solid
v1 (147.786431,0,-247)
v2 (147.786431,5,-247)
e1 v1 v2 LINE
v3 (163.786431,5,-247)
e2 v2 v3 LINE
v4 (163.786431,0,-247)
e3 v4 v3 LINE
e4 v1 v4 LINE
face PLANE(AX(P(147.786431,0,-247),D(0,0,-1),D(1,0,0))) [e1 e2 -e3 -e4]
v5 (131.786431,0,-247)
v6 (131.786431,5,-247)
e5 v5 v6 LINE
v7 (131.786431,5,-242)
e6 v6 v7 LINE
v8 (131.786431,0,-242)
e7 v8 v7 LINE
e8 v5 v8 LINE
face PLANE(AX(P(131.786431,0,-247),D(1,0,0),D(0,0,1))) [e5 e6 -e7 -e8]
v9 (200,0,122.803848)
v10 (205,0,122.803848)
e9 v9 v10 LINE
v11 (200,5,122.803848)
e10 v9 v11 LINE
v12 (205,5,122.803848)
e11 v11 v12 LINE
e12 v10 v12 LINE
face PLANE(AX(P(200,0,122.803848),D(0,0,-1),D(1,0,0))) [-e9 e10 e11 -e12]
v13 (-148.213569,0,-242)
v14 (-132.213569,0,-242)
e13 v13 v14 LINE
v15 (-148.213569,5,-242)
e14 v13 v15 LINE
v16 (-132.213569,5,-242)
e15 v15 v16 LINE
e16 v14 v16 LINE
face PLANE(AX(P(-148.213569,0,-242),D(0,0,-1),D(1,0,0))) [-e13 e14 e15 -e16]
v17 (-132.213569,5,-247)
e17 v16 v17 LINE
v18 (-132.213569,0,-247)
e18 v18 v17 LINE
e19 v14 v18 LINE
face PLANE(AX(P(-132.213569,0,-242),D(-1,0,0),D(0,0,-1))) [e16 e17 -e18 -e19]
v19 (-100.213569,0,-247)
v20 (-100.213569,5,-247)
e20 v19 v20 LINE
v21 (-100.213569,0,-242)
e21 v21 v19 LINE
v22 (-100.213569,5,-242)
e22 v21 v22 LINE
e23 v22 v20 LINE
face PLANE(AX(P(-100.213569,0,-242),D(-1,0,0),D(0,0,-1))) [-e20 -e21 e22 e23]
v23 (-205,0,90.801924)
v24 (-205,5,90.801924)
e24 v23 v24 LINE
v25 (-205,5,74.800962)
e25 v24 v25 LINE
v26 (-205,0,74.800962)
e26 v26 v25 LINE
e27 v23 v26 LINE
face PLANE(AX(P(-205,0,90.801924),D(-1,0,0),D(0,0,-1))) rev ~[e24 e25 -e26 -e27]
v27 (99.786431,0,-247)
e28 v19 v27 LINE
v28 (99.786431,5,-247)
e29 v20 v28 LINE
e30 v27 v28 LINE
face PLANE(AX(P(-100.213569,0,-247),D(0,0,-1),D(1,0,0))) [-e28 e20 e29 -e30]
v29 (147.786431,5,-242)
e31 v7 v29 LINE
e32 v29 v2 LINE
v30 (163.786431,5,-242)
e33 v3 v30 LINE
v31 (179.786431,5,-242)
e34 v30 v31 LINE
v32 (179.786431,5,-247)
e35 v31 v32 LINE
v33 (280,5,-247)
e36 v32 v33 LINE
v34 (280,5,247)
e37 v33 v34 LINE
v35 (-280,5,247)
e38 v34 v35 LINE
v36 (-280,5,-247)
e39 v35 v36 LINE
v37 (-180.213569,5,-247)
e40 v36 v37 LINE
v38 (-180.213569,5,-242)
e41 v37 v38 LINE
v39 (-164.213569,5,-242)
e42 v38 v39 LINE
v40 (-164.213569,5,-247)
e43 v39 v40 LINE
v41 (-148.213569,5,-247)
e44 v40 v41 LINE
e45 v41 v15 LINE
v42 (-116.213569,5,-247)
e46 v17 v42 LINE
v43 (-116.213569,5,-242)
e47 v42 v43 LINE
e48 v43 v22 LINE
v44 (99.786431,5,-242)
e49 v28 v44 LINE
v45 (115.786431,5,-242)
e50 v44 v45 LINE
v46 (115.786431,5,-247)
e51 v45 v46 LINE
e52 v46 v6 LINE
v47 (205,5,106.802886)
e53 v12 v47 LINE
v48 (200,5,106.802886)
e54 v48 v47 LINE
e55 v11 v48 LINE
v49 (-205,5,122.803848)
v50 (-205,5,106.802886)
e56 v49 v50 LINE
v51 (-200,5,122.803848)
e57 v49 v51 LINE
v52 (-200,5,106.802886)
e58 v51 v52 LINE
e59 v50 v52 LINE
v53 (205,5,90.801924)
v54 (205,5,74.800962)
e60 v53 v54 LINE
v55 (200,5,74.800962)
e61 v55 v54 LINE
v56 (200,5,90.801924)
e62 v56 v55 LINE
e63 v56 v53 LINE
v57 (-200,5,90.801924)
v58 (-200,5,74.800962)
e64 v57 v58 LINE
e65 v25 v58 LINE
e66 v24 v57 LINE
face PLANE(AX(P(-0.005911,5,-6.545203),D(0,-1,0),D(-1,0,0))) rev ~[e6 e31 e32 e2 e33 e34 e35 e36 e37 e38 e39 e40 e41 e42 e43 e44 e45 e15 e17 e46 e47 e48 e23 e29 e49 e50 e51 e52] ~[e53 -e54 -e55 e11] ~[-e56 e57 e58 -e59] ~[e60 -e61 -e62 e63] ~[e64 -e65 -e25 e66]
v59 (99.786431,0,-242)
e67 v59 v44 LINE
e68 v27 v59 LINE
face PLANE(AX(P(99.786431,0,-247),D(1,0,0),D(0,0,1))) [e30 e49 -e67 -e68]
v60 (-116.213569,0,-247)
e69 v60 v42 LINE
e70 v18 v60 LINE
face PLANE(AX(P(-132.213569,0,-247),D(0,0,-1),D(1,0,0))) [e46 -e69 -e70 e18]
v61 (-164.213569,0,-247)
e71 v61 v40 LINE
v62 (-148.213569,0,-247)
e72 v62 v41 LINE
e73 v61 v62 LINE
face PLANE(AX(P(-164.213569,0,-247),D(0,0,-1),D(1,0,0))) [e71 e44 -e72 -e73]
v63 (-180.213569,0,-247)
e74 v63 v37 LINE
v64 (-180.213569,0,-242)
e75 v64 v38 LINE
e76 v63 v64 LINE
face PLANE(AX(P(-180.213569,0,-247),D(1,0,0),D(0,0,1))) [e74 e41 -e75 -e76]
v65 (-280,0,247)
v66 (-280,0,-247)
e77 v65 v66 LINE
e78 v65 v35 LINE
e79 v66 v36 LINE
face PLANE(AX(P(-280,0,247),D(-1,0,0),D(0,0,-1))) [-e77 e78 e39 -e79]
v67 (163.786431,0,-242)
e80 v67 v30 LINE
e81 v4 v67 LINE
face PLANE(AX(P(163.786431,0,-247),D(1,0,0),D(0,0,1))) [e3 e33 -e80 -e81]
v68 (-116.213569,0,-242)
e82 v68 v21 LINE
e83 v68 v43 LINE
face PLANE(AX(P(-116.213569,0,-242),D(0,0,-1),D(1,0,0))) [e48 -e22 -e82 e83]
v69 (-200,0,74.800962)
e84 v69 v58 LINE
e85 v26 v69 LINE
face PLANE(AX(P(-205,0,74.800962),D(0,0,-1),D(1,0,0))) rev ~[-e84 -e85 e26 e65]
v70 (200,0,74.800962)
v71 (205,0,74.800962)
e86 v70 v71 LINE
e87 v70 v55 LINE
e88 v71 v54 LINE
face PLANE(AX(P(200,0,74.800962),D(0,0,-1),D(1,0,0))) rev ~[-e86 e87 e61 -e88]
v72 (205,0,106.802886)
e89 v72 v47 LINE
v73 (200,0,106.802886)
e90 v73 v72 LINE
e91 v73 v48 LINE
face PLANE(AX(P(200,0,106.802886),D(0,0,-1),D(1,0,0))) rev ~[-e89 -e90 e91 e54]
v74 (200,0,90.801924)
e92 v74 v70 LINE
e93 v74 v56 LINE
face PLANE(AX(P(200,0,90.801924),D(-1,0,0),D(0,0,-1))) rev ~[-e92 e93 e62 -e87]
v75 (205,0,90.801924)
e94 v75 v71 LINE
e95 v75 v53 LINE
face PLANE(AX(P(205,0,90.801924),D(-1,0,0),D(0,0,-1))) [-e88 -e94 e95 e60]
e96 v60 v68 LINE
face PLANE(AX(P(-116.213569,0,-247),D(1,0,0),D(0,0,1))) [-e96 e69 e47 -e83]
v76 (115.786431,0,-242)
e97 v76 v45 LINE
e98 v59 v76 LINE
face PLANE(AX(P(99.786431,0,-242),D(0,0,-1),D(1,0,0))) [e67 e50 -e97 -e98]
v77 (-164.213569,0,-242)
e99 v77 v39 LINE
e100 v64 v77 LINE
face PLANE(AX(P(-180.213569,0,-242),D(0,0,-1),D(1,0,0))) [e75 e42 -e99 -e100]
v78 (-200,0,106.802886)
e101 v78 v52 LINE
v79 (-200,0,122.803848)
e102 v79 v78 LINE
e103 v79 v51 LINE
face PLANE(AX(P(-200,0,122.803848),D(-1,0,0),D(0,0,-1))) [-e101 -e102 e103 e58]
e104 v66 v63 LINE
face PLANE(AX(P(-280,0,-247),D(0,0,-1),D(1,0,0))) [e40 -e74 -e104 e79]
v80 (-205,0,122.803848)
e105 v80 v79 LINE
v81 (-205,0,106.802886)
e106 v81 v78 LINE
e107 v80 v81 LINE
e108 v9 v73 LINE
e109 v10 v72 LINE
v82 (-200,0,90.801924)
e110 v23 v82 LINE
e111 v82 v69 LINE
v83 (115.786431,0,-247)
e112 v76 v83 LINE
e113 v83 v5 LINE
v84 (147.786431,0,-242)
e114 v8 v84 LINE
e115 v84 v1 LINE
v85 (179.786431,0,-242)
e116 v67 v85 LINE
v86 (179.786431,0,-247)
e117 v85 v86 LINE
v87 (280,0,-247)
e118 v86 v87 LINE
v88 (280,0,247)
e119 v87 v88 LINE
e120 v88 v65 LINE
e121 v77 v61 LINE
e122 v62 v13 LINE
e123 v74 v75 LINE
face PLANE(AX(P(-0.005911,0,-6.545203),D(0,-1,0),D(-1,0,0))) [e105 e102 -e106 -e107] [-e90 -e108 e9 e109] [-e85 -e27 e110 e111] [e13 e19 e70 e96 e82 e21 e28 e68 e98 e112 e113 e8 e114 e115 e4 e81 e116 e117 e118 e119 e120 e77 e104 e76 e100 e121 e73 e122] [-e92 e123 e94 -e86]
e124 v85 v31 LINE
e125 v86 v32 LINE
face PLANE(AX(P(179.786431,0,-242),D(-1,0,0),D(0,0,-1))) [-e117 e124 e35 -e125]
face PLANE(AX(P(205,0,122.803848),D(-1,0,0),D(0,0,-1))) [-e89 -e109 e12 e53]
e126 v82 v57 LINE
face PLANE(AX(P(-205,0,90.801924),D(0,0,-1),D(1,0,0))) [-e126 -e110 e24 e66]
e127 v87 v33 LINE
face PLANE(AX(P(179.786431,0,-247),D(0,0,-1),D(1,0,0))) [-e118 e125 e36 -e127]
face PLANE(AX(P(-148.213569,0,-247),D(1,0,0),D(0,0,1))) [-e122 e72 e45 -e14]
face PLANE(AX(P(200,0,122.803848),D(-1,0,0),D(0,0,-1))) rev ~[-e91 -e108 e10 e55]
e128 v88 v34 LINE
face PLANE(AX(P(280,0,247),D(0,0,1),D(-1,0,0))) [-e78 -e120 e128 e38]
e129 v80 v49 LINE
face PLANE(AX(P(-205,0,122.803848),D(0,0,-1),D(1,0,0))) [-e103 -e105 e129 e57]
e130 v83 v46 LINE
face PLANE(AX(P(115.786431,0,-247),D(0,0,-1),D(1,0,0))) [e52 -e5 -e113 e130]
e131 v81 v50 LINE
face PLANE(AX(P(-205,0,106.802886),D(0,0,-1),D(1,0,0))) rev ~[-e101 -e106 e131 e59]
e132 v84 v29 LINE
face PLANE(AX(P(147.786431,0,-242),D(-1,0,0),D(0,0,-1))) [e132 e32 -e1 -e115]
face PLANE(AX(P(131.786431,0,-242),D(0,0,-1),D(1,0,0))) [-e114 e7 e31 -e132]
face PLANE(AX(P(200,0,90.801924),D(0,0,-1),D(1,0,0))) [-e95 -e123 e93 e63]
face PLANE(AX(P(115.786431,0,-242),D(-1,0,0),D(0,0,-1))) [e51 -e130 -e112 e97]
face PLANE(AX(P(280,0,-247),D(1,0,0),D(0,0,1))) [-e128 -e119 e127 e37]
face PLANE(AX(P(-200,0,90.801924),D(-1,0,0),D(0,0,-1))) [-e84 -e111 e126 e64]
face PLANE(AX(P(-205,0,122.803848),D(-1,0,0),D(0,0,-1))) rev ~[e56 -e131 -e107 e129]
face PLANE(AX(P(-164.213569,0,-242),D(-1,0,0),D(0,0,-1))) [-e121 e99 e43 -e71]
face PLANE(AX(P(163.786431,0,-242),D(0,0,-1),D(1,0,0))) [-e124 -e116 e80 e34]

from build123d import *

# Parameters (mm, degrees)
SKETCH1_W           = 5
SKETCH1_H           = 16.000962119
BOSS_EXTRUDE1_DEPTH = 5


with BuildPart() as part:
    # Sketch1 → Boss-Extrude1 (new body)
    with BuildSketch(Plane(origin=(0, 0, 0), x_dir=(1, 0, 0), z_dir=(0, 1, 0))):
        Polygon((-280, 247), (-180.213569057, 247), (-180.213569057, 242), (-164.213569057, 242), (-164.213569057, 247), (-148.213569057, 247), (-148.213569057, 242), (-132.213569057, 242), (-132.213569057, 247), (-116.213569057, 247), (-116.213569057, 242), (-100.213569057, 242), (-100.213569057, 247), (99.786430943, 247), (99.786430943, 242), (115.786430943, 242), (115.786430943, 247), (131.786430943, 247), (131.786430943, 242), (147.786430943, 242), (147.786430943, 247), (163.786430943, 247), (163.786430943, 242), (179.786430943, 242), (179.786430943, 247), (280, 247), (280, -247), (-280, -247), align=None)
        with Locations((-202.5, -82.801443178)):
            Rectangle(SKETCH1_W, SKETCH1_H, mode=Mode.SUBTRACT)
        with Locations((202.5, -114.803367415)):
            Rectangle(SKETCH1_W, SKETCH1_H, mode=Mode.SUBTRACT)
        with Locations((202.5, -82.801443178)):
            Rectangle(SKETCH1_W, SKETCH1_H, mode=Mode.SUBTRACT)
        with Locations((-202.5, -114.803367415)):
            Rectangle(SKETCH1_W, SKETCH1_H, mode=Mode.SUBTRACT)
    extrude(amount=BOSS_EXTRUDE1_DEPTH)


solid = part.part
